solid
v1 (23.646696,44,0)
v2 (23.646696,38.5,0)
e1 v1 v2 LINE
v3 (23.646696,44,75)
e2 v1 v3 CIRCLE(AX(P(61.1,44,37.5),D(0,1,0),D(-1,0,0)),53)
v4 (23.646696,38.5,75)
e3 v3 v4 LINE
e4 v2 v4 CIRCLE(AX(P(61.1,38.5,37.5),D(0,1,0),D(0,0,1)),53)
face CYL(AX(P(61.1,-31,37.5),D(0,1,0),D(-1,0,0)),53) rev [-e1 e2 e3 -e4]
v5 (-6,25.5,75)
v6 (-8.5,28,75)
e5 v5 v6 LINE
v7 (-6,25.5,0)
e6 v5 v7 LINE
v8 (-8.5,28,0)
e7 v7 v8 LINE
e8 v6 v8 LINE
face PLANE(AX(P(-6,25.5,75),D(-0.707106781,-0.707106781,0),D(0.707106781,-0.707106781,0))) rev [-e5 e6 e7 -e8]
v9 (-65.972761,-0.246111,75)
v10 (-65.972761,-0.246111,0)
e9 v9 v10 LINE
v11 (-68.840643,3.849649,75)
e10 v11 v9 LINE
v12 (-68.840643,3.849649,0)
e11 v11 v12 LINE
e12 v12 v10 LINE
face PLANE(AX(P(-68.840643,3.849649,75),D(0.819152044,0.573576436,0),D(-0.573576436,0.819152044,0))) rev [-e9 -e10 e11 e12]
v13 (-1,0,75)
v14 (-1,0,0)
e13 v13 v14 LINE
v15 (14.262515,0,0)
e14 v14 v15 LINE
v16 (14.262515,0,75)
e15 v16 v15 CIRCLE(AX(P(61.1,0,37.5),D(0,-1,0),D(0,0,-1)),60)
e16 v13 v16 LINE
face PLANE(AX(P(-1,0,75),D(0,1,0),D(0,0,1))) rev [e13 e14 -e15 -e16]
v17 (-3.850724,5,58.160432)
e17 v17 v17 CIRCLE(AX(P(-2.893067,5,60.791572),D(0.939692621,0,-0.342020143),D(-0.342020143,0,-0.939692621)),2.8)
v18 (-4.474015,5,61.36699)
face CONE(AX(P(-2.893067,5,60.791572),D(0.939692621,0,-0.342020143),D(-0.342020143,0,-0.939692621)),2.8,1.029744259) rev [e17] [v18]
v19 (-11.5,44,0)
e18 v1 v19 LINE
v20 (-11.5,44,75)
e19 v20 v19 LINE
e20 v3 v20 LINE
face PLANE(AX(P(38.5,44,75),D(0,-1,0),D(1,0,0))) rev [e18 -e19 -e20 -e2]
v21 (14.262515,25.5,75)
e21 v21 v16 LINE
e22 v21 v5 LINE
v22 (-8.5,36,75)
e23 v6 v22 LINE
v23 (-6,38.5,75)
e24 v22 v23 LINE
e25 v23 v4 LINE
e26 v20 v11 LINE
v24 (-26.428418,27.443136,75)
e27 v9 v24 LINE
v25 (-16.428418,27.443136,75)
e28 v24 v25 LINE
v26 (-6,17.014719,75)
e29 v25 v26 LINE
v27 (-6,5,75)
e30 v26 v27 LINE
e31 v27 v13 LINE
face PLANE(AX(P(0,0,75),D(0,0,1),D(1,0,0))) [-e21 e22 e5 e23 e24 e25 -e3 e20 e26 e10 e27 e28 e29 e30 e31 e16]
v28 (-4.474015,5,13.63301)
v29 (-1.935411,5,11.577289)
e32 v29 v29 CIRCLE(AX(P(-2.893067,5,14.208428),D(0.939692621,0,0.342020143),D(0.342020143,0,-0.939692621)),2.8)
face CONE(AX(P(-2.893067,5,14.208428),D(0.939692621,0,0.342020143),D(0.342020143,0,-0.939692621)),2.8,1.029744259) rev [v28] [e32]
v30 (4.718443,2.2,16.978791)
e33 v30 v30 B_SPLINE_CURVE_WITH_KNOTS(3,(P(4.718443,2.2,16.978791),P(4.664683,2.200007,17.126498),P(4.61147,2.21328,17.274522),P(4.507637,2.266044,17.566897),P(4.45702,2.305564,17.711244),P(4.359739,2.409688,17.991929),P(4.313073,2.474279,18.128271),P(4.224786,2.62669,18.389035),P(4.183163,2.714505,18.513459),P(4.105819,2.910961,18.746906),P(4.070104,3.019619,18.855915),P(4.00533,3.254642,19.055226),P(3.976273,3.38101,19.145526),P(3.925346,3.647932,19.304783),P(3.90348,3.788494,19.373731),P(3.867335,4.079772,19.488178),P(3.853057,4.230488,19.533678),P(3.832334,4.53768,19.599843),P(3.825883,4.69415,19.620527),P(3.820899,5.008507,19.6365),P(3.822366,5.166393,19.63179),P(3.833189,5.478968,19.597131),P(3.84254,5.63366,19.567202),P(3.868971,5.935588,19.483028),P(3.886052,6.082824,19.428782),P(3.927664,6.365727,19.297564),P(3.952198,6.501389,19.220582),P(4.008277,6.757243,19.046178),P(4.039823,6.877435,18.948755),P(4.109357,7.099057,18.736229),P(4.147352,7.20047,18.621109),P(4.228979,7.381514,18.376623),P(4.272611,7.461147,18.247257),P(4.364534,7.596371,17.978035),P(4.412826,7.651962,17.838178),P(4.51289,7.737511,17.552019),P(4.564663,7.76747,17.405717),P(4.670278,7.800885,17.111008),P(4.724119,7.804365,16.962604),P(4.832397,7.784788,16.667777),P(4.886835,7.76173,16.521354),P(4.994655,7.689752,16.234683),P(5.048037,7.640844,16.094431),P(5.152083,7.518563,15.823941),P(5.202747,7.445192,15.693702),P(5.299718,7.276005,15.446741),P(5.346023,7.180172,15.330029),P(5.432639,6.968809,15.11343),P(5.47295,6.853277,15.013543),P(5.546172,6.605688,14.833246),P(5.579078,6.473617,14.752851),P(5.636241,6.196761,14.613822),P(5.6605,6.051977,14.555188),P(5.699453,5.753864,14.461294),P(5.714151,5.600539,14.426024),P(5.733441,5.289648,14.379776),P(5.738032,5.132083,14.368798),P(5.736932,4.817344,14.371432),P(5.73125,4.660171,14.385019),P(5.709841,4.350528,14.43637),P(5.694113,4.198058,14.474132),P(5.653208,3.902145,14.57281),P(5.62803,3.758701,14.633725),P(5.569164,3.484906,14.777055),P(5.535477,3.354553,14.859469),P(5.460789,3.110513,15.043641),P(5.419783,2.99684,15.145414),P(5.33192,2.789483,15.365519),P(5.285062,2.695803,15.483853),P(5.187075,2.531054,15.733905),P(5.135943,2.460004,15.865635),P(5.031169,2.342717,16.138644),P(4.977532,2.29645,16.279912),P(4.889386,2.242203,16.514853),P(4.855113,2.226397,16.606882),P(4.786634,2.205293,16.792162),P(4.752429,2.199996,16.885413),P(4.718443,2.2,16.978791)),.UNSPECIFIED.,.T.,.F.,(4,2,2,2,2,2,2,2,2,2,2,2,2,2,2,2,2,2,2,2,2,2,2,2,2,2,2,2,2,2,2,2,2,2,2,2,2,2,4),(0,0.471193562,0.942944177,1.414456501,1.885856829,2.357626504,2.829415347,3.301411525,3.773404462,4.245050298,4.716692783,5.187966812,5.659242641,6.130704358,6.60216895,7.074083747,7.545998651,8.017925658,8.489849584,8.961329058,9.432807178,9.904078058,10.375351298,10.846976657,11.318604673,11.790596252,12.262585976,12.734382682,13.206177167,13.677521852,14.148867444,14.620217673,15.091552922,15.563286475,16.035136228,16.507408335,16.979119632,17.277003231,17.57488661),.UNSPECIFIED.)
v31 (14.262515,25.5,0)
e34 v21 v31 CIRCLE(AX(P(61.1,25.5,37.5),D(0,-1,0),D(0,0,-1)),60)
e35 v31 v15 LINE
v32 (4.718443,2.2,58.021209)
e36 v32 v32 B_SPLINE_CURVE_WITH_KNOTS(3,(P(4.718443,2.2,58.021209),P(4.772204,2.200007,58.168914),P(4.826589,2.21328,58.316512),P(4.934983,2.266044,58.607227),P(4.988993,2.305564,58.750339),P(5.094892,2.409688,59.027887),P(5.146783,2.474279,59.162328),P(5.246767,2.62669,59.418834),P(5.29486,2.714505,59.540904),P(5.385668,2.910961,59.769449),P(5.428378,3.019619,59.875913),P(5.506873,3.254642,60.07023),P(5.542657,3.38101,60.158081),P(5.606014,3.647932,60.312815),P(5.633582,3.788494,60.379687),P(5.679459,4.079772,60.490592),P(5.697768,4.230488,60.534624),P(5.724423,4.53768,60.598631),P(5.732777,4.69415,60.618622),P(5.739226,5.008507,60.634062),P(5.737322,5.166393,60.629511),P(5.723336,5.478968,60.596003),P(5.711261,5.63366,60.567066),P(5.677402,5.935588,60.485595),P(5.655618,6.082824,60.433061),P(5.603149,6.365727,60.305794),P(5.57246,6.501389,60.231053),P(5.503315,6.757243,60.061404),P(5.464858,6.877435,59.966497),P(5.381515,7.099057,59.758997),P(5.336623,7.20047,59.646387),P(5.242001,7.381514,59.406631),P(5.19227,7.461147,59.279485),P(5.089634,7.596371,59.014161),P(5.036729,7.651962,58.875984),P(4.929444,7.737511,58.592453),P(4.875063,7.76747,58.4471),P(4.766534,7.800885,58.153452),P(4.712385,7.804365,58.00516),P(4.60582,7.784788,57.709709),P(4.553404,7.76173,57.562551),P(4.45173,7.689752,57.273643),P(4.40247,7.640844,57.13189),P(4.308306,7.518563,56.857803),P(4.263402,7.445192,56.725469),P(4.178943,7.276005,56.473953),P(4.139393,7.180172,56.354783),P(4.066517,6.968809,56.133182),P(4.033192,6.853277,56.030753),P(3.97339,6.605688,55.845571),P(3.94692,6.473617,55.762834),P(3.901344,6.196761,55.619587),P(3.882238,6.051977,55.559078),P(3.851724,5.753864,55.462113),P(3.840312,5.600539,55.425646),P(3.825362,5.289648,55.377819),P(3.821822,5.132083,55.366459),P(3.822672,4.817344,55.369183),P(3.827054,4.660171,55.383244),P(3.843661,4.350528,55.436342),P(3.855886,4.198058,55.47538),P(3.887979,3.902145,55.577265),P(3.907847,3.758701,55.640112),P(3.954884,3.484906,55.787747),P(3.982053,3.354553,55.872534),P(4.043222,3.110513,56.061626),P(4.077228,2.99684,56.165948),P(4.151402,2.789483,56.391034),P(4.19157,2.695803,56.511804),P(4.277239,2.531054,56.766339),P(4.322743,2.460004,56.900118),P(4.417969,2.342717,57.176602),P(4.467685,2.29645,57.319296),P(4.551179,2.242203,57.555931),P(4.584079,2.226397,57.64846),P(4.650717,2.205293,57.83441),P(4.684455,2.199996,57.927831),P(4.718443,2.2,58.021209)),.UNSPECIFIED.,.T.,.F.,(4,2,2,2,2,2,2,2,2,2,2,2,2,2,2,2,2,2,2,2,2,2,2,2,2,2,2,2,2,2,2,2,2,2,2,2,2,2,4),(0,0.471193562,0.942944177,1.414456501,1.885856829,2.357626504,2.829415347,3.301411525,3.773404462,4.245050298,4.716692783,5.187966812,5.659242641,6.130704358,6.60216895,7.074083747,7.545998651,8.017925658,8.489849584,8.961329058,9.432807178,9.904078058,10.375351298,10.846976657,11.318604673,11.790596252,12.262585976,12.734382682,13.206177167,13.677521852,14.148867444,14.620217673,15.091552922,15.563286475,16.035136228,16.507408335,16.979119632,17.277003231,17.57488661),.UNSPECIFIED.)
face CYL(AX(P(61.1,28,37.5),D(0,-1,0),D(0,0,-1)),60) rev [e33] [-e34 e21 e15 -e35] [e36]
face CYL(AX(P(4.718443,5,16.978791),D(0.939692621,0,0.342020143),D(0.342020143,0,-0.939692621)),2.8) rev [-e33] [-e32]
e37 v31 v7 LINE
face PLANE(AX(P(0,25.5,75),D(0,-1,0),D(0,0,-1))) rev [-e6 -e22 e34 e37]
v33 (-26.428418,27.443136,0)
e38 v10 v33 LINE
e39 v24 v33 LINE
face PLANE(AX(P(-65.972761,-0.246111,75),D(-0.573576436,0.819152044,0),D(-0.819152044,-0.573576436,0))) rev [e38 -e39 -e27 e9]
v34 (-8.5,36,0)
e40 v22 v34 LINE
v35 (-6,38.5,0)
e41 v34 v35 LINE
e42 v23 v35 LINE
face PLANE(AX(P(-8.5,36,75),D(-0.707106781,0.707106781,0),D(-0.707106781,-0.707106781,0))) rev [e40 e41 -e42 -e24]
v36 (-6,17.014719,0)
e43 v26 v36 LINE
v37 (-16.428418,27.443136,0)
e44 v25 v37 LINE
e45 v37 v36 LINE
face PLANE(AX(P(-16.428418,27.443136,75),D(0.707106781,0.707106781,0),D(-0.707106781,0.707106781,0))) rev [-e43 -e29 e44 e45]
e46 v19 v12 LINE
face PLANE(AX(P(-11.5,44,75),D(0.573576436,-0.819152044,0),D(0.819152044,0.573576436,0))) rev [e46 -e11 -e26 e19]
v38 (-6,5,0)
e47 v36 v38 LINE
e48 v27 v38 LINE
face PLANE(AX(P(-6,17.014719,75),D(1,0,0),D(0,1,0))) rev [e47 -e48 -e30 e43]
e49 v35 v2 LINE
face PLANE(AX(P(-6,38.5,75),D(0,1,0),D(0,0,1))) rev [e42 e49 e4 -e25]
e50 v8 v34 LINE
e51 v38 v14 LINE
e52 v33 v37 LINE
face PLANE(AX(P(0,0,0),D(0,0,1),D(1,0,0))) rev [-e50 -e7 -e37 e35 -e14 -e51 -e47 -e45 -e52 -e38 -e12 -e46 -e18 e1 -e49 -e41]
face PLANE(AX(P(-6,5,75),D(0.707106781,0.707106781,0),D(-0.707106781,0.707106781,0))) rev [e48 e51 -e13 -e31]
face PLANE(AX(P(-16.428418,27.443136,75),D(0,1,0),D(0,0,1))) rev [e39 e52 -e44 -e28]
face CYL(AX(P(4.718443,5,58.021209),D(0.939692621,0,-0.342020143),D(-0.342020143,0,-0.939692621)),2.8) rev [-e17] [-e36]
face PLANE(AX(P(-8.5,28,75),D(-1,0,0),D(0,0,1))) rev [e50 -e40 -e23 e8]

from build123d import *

# Parameters (mm, degrees)
ESTRUSIONE_ESTRUSIONE1_DEPTH       = 75
SCHIZZO2_R                         = 53
TAGLIO_ESTRUSIONE1_DEPTH           = 75
SCHIZZO3_R                         = 60
TAGLIO_ESTRUSIONE2_DEPTH           = 28
FORO_PER_VITE_M3_1_D               = 5.6
FORO_PER_VITE_M3_1_DEPTH           = 8.1
FORO_PER_VITE_M3_1_TIP             = 1.682409733
FORO_PER_VITE_M3_1_ON_FACE_2_D     = 5.6
FORO_PER_VITE_M3_1_ON_FACE_2_DEPTH = 8.1
FORO_PER_VITE_M3_1_ON_FACE_2_TIP   = 1.682409733


with BuildPart() as part:
    # Schizzo1 → Estrusione-Estrusione1 (new body)
    with BuildSketch(Plane.XY):
        Polygon((-6, 38.5), (38.5, 38.5), (38.5, 44), (-11.5, 44), (-68.8406431, 3.849649455), (-65.972760918, -0.246110766), (-26.428417773, 27.443136398), (-16.428417773, 27.443136398), (-6, 17.014718626), (-6, 5), (-1, 0), (0, 0), (20.5, 0), (20.5, 25.5), (0, 25.5), (-6, 25.5), (-8.5, 28), (-8.5, 36), align=None)
    extrude(amount=ESTRUSIONE_ESTRUSIONE1_DEPTH)

    # Schizzo2 → Taglio-Estrusione1 (cut)
    with BuildSketch(Plane(origin=(0, 44, 0), x_dir=(1, 0, 0), z_dir=(0, 1, 0))):
        with Locations((61.1, -37.5)):
            Circle(SCHIZZO2_R)
    extrude(amount=-TAGLIO_ESTRUSIONE1_DEPTH, mode=Mode.SUBTRACT)

    # Schizzo3 → Taglio-Estrusione2 (cut)
    with BuildSketch(Plane.XZ):
        with Locations((61.1, 37.5)):
            Circle(SCHIZZO3_R)
    extrude(amount=-TAGLIO_ESTRUSIONE2_DEPTH, mode=Mode.SUBTRACT)

    # Foro per Vite M3-1
    with Locations(Plane(origin=(4.718442753, 5, 16.9787914), x_dir=(-0.342020143326, 0, 0.939692620786), z_dir=(0.939692620786, 0, 0.342020143326))):
        with Locations((0, 0)):
            Hole(FORO_PER_VITE_M3_1_D / 2, depth=FORO_PER_VITE_M3_1_DEPTH)
            with Locations((0, 0, -(FORO_PER_VITE_M3_1_DEPTH + FORO_PER_VITE_M3_1_TIP / 2))):  # 118° drill point
                Cone(0, FORO_PER_VITE_M3_1_D / 2, FORO_PER_VITE_M3_1_TIP, mode=Mode.SUBTRACT)

    # Foro per Vite M3-1 on face 2
    with Locations(Plane(origin=(4.718442753, 5, 58.0212086), x_dir=(0.342019894889, 0, 0.939692711209), z_dir=(0.939692711209, 0, -0.342019894889))):
        with Locations((0, 0)):
            Hole(FORO_PER_VITE_M3_1_ON_FACE_2_D / 2, depth=FORO_PER_VITE_M3_1_ON_FACE_2_DEPTH)
            with Locations((0, 0, -(FORO_PER_VITE_M3_1_ON_FACE_2_DEPTH + FORO_PER_VITE_M3_1_ON_FACE_2_TIP / 2))):  # 118° drill point
                Cone(0, FORO_PER_VITE_M3_1_ON_FACE_2_D / 2, FORO_PER_VITE_M3_1_ON_FACE_2_TIP, mode=Mode.SUBTRACT)


solid = part.part
